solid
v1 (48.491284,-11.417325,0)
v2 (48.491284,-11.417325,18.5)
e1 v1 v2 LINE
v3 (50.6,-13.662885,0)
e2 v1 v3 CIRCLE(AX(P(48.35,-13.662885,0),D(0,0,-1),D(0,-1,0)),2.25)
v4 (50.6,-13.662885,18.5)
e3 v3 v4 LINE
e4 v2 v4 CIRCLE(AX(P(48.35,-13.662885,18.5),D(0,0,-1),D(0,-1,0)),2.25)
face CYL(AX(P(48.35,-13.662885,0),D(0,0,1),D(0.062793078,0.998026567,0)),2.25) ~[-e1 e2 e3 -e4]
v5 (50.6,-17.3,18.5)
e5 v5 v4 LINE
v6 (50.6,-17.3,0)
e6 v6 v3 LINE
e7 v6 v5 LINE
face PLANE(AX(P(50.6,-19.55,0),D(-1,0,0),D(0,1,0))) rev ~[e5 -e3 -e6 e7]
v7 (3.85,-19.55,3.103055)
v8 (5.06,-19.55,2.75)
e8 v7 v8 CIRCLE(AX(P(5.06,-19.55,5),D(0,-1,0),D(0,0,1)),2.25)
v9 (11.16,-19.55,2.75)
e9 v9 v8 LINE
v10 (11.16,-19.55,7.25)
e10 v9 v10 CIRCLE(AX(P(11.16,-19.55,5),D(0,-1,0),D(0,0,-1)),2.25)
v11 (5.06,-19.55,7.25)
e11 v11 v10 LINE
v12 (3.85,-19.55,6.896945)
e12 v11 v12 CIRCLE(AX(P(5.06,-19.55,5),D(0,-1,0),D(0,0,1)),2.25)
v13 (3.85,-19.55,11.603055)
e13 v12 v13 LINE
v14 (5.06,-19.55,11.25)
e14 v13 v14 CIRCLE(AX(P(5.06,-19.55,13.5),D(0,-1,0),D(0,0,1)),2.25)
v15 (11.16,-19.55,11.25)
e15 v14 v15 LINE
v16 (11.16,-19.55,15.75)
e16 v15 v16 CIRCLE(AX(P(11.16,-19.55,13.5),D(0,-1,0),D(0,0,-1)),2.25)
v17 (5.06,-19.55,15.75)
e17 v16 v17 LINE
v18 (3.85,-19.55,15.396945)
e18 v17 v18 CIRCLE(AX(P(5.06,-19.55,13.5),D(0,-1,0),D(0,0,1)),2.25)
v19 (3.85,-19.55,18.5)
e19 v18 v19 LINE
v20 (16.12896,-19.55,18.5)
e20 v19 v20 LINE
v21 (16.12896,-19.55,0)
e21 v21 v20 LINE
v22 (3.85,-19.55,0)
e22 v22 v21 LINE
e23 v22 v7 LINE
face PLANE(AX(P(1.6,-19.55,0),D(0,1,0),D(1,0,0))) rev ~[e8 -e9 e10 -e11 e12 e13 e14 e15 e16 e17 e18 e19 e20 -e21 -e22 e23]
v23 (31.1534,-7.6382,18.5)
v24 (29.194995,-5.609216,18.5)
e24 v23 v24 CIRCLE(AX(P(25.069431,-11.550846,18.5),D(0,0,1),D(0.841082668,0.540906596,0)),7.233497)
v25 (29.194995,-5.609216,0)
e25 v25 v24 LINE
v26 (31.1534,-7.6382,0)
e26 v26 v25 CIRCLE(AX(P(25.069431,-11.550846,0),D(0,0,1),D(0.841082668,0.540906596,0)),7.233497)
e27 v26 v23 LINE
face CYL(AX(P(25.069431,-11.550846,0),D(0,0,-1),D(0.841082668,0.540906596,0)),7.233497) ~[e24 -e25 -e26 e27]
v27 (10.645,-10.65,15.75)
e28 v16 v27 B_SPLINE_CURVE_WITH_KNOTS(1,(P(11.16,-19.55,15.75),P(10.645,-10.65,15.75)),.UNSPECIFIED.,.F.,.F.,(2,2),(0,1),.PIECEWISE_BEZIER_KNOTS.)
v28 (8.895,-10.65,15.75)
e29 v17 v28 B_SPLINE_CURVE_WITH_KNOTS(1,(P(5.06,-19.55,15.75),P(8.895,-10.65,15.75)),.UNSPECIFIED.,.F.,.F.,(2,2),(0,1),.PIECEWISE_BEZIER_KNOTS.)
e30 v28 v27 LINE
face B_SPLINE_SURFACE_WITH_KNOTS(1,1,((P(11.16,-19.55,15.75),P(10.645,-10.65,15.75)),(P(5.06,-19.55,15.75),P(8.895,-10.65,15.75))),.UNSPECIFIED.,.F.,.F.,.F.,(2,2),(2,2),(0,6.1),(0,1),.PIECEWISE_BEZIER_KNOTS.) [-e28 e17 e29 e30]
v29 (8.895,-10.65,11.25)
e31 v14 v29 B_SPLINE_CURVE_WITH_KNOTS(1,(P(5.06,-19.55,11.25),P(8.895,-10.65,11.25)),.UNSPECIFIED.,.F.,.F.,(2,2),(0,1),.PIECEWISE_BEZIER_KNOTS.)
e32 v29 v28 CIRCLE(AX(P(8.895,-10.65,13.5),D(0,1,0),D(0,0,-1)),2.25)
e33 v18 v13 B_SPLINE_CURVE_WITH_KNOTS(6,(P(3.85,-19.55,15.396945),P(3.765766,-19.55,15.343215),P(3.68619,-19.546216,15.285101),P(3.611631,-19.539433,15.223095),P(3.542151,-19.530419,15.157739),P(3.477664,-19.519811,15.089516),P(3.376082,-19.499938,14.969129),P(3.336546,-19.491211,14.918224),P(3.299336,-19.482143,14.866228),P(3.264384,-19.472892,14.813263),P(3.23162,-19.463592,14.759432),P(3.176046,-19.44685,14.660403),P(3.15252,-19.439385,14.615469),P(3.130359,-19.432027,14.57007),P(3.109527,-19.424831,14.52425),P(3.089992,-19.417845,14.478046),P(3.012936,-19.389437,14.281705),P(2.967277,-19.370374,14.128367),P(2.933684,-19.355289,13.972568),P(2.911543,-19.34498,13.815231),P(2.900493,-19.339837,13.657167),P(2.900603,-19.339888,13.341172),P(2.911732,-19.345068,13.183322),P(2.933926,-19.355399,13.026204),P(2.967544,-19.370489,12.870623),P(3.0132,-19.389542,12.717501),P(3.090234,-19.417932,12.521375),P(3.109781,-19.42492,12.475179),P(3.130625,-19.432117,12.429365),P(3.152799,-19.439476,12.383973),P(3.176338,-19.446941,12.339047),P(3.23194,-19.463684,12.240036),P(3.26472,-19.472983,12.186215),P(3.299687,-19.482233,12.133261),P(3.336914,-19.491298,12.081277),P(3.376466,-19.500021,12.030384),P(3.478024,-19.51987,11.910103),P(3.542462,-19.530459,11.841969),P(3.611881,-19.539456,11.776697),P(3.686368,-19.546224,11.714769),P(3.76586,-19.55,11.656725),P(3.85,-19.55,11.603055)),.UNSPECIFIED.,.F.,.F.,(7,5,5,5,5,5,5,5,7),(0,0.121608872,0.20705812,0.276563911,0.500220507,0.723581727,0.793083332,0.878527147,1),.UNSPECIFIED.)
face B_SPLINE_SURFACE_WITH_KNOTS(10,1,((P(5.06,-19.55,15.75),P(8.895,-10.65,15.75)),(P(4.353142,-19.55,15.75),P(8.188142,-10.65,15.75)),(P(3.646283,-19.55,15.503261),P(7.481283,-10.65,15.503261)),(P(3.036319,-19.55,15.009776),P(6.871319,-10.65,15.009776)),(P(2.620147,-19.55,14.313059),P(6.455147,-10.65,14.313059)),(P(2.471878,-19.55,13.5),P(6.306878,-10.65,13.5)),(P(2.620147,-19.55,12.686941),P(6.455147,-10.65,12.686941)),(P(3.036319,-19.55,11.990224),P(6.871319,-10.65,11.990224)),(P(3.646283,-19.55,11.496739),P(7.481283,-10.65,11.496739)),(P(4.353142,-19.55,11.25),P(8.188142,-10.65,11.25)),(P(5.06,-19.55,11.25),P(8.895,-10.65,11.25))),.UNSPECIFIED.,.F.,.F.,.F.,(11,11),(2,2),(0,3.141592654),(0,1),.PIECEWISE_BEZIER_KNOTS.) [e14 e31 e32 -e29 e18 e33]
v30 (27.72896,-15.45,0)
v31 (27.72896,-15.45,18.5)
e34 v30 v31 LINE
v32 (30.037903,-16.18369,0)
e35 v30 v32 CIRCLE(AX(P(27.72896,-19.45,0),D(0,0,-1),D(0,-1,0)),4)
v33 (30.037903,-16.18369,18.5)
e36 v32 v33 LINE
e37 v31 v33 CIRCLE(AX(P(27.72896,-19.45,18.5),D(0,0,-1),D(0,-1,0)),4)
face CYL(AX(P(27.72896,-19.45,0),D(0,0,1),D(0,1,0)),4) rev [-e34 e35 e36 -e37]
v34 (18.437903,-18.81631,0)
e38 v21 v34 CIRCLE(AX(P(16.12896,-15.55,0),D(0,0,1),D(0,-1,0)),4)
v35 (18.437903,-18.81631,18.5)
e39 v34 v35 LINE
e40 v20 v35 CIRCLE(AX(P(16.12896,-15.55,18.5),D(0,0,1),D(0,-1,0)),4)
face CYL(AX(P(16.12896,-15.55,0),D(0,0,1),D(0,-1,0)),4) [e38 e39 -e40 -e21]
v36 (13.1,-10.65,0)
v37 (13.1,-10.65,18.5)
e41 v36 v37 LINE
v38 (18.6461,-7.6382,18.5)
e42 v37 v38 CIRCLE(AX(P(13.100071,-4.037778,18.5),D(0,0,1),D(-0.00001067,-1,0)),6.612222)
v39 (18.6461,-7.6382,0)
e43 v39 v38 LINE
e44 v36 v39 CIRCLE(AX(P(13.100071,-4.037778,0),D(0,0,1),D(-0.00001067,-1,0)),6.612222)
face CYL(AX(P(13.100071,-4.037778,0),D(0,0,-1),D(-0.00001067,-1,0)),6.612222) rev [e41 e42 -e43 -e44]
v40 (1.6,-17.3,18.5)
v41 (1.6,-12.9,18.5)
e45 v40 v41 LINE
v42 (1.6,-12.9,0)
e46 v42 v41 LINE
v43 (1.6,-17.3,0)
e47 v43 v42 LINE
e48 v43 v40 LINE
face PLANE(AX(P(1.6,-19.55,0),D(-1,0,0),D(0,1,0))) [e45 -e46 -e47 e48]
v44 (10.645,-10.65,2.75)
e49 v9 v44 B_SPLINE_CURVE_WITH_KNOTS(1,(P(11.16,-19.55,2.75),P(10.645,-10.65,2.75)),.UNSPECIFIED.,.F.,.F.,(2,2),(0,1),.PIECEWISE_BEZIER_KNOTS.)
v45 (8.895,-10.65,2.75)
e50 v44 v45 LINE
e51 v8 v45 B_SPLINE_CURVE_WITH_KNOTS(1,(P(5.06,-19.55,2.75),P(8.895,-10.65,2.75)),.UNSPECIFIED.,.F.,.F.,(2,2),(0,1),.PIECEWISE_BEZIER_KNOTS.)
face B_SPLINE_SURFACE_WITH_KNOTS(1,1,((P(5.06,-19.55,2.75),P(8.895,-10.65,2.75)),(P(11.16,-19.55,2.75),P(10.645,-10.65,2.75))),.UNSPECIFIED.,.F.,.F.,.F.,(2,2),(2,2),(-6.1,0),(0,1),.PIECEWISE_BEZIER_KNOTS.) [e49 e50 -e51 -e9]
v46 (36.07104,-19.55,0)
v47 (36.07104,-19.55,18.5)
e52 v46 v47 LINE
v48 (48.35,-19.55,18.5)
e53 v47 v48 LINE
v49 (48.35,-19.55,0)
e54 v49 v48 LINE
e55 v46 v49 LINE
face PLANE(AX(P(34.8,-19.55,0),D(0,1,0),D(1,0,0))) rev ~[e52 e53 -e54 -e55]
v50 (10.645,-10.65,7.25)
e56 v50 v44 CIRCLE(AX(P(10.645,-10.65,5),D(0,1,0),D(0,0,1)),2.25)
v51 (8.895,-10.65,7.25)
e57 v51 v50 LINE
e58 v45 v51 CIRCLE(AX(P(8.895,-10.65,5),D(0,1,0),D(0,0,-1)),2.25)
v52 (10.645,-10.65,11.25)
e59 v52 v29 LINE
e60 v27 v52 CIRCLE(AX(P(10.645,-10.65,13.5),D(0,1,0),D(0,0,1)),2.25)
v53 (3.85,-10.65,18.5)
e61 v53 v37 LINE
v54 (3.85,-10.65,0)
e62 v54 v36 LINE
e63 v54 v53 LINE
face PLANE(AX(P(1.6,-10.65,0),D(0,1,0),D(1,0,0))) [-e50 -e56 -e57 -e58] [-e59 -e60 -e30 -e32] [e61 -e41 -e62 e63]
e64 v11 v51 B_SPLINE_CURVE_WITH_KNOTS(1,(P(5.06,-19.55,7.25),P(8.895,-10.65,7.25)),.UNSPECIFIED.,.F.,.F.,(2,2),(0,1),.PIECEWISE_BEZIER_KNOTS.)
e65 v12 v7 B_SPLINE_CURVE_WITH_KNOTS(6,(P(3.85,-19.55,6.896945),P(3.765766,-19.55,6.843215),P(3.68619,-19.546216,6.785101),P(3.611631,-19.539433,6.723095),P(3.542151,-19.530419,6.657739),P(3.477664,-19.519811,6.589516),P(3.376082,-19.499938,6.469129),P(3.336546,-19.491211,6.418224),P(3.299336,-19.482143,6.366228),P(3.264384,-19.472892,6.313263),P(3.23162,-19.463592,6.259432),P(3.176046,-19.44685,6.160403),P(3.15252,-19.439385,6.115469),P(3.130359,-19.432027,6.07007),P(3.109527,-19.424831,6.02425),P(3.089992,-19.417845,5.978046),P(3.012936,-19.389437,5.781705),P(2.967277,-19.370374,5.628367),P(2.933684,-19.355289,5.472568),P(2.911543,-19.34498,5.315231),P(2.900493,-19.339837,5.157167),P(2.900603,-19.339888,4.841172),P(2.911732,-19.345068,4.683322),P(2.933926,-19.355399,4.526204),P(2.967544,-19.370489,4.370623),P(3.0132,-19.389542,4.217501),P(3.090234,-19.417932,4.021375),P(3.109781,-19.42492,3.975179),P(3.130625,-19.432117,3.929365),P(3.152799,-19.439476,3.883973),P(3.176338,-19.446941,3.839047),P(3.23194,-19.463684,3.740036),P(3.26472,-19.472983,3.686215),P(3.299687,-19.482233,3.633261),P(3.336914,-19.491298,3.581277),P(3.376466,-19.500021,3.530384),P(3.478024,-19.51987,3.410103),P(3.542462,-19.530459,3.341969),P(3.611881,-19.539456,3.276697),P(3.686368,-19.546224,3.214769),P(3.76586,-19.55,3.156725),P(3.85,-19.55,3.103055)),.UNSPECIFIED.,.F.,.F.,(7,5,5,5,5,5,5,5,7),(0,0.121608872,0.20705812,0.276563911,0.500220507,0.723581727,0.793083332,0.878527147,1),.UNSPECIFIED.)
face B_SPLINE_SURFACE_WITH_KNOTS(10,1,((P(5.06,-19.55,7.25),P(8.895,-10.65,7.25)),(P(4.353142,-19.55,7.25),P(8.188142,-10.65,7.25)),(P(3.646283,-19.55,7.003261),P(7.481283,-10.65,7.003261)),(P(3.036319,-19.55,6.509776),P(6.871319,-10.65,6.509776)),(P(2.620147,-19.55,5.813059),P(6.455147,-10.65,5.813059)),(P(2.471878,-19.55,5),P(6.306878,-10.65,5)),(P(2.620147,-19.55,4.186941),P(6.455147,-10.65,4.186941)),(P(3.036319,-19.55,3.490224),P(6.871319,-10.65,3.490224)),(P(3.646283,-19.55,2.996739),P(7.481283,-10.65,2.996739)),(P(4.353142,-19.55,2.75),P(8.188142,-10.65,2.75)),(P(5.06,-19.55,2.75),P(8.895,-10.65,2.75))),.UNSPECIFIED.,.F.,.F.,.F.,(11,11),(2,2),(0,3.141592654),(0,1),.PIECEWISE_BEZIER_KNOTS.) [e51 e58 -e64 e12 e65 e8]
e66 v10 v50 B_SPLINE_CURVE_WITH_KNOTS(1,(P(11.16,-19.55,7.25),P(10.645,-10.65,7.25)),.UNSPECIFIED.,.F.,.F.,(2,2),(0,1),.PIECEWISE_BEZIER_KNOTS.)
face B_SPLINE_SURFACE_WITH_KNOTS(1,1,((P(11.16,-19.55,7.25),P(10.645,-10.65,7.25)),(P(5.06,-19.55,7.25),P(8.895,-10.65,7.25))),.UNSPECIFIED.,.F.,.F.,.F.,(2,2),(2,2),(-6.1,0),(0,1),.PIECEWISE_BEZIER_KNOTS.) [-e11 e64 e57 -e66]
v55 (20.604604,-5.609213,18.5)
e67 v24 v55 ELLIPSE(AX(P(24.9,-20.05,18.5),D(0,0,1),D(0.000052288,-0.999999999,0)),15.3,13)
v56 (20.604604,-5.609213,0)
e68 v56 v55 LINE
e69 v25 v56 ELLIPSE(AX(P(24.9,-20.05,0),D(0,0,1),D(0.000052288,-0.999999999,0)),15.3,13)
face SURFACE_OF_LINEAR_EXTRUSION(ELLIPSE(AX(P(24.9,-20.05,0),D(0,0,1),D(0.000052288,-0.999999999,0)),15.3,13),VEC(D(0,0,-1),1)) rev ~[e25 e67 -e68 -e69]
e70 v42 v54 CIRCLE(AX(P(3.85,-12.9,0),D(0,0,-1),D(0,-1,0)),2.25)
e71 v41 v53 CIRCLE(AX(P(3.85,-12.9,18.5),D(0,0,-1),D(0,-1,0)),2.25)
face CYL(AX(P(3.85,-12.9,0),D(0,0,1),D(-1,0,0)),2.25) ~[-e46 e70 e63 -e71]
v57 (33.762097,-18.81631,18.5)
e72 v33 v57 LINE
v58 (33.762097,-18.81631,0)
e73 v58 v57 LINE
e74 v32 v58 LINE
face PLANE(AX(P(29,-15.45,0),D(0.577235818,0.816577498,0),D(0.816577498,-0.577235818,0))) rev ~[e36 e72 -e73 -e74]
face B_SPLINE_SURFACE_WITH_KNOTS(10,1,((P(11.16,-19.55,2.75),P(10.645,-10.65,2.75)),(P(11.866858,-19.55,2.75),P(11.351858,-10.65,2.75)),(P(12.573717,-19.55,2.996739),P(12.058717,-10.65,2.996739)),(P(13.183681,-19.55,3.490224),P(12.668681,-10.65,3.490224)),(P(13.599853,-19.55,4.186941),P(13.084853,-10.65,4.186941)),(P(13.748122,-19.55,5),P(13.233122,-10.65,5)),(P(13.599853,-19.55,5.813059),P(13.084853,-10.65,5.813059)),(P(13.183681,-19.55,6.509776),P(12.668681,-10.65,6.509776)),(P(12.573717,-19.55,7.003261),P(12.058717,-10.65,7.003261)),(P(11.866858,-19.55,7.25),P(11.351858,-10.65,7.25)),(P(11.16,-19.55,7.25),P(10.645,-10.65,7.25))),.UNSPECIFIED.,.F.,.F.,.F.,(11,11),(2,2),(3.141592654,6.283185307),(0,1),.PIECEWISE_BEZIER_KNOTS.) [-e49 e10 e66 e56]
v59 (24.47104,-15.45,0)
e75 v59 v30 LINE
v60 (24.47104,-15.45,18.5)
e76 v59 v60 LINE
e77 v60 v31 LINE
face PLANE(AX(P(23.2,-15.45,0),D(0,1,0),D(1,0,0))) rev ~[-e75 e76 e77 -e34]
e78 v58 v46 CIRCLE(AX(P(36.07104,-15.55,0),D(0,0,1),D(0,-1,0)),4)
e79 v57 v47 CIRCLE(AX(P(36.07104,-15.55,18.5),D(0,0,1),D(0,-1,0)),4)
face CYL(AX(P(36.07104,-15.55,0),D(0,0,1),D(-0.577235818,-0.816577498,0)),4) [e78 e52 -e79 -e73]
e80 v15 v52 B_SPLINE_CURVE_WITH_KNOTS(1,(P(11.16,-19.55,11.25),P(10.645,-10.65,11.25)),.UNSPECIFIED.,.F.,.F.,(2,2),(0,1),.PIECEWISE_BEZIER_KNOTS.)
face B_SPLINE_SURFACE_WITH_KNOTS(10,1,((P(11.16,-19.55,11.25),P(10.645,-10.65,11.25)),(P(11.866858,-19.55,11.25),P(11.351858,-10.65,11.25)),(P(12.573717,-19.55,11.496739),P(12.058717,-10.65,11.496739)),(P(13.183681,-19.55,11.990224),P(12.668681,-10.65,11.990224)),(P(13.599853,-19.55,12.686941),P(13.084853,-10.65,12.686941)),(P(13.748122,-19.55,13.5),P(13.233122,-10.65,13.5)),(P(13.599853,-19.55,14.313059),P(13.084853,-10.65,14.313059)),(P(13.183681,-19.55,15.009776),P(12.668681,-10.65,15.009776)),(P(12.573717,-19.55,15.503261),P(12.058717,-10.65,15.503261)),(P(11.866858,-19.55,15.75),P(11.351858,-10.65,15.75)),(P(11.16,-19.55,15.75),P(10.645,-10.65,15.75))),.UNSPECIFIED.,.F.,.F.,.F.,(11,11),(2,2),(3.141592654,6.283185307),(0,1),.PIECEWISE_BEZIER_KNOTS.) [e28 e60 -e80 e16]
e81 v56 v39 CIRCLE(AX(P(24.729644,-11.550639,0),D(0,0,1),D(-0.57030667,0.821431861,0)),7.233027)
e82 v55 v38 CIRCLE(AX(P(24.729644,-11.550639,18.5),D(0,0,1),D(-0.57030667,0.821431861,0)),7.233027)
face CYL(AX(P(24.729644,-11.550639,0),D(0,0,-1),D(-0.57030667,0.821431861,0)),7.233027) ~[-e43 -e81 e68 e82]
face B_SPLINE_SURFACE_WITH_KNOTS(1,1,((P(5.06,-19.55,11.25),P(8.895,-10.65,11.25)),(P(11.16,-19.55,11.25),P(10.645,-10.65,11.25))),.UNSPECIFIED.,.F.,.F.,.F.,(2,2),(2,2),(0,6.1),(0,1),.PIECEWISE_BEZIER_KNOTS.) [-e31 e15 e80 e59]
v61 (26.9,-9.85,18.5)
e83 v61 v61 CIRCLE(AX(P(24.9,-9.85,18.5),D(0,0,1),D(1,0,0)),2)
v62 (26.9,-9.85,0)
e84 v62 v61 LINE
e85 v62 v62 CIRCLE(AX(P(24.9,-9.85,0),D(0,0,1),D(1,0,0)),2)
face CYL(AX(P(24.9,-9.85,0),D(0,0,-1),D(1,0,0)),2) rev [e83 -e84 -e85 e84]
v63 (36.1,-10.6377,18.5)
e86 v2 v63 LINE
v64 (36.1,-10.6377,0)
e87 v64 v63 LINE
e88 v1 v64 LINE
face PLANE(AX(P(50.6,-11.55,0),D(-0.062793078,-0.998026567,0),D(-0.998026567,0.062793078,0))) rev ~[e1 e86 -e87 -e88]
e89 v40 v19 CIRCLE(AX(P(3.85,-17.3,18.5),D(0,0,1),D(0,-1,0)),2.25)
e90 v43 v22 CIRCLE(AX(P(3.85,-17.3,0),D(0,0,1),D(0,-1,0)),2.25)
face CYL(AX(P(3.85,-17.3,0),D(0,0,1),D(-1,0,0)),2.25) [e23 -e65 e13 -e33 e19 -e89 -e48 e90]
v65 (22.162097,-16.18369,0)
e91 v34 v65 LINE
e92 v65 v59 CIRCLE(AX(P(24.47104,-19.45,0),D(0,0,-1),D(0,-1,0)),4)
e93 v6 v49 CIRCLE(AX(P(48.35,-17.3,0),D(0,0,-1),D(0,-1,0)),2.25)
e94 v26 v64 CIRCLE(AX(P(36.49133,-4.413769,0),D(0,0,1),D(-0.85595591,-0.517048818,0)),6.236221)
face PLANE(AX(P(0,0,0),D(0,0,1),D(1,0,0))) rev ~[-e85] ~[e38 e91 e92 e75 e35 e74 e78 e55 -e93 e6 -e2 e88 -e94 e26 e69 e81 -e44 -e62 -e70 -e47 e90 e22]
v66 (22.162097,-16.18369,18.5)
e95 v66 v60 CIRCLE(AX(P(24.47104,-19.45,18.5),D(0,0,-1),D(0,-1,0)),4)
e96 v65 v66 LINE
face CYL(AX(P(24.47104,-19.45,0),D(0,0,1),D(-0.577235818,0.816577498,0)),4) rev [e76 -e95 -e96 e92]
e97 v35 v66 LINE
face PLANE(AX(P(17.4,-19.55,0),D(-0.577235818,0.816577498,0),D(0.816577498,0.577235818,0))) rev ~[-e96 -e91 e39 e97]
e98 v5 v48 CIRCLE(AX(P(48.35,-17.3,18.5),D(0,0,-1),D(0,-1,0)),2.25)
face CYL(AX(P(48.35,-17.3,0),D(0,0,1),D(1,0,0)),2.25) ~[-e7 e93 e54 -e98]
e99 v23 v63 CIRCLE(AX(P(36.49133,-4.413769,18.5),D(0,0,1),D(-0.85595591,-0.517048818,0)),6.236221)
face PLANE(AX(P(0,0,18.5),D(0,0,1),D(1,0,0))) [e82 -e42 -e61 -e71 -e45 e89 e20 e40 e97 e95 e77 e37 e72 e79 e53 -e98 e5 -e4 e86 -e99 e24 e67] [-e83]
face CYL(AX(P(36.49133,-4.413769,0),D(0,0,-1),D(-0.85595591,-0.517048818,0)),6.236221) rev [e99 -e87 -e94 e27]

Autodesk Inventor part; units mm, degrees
ref_plane "YZ Plane" through (0, 0, 0) normal (1, 0, 0) x (0, 1, 0)
ref_plane "XZ Plane" through (0, 0, 0) normal (0, 1, 0) x (-1, 0, 0)
ref_plane "XY Plane" through (0, 0, 0) normal (0, 0, 1) x (1, 0, 0)
sketch "Sketch1" plane through (0, 0, 0) normal (0, 0, 1) x (1, 0, 0)
  line L0 (0, 0) -> (51.4289, 0) construction
  line L1 (51.4289, 0) -> (51.4289, -25.9828) construction
  line L2 (51.4289, -25.9828) -> (0, -25.9828) construction
  line L3 (0, -25.9828) -> (0, 0) construction
  circle A0 centre (24.9, -9.85) radius 2
  line L4 (1.6, -19.55) -> (1.6, -10.65)
  line L5 (1.6, -10.65) -> (13.1, -10.65)
  line L6 (1.6, -19.55) -> (17.4, -19.55)
  line L7 (17.4, -19.55) -> (23.2, -15.45)
  line L8 (23.2, -15.45) -> (29, -15.45)
  line L9 (29, -15.45) -> (34.8, -19.55)
  line L10 (34.8, -19.55) -> (50.6, -19.55)
  line L11 (50.6, -19.55) -> (50.6, -11.55)
  line L12 (50.6, -11.55) -> (36.1, -10.6377)
  arc A1 (31.1534, -7.6382) -> (29.195, -5.6092) centre (25.0705, -11.55) ccw
  arc A2 (20.6046, -5.6092) -> (18.6461, -7.6382) centre (24.7291, -11.55) ccw
  arc A3 (31.1534, -7.6382) -> (36.1, -10.6377) centre (36.4916, -4.4135) ccw
  arc A4 (13.1, -10.65) -> (18.6461, -7.6382) centre (13.1, -4.0375) ccw
  ellipse E0 centre (24.9, -20.05) end of major axis (24.9008, -35.35) minor radius 13 (29.195, -5.6092) -> (20.6046, -5.6092) ccw
  dimension "d45" = 13
  dimension "d46" = 15.3
  dimension "d22" = 4
  dimension "d35" = 0.5
  dimension "d36" = 1.6
  dimension "d37" = 10.65
  dimension "d38" = 8.9
  dimension "d39" = 3.6
  dimension "d47" = 8
  dimension "d51" = 17.4
  dimension "d52" = 25.7
  dimension "d53" = 9.7
  dimension "d54" = 11.5
  dimension "d55" = 14.5
  dimension "d57" = 0.3414
  dimension "d59" = 5.8
  dimension "d61" = 4.1
  dimension "d63" = 15.8
  dimension "d64" = 15.8
  dimension "d66" = 8
  dimension "d72" = 0.1705
  dimension "d76" = 7.2322
  dimension "d77" = 6.2366
extrude "Extrusion1" add sketch "Sketch1" along normal blind 18.5
fillet "Fillet1" radius 2.25 4 edges at (1.6, -10.65, 9.25) (1.6, -19.55, 9.25) (50.6, -11.55, 9.25) (50.6, -19.55, 9.25)
fillet "Fillet2" radius 4 4 edges at (23.2, -15.45, 9.25) (29, -15.45, 9.25) (34.8, -19.55, 9.25) (17.4, -19.55, 9.25)
sketch "Sketch3" plane through (3.85, -19.55, 0) normal (0, -1, 0) x (1, 0, 0)
  line L0 (0, 18.5) -> (12.279, 18.5) projected
  line L1 (12.279, 0) -> (0, 0) projected
  line L2 (1.21, 13.5) -> (7.31, 13.5) construction
  line L3 (1.21, 11.25) -> (7.31, 11.25)
  line L4 (7.31, 15.75) -> (1.21, 15.75)
  arc A0 (1.21, 15.75) -> (1.21, 11.25) centre (1.21, 13.5) ccw
  arc A1 (7.31, 11.25) -> (7.31, 15.75) centre (7.31, 13.5) ccw
  line L5 (1.21, 5) -> (7.31, 5) construction
  line L6 (1.21, 7.25) -> (7.31, 7.25)
  line L7 (7.31, 2.75) -> (1.21, 2.75)
  arc A2 (1.21, 7.25) -> (1.21, 2.75) centre (1.21, 5) ccw
  arc A3 (7.31, 2.75) -> (7.31, 7.25) centre (7.31, 5) ccw
  line L8 (-2.25, 18.5) -> (-2.25, 0) projected
  point P0 (-3.85, 0)
  point P1 (4.26, 13.5)
  point P2 (4.26, 5)
  dimension "d88" = 4.5
  dimension "d89" = 6.1
  dimension "d90" = 5
  dimension "d91" = 5
  dimension "d92" = 9.56
sketch "Sketch2" plane through (13.1, -10.65, 18.5) normal (0, 1, 0) x (1, 0, 0)
  line L0 (0, 0) -> (-9.25, 0) projected
  line L1 (-9.25, 18.5) -> (0, 18.5) projected
  line L2 (-4.205, 13.5) -> (-2.455, 13.5) construction
  line L3 (-4.205, 11.25) -> (-2.455, 11.25)
  line L4 (-2.455, 15.75) -> (-4.205, 15.75)
  arc A0 (-4.205, 15.75) -> (-4.205, 11.25) centre (-4.205, 13.5) ccw
  arc A1 (-2.455, 11.25) -> (-2.455, 15.75) centre (-2.455, 13.5) ccw
  line L5 (-4.205, 5) -> (-2.455, 5) construction
  line L6 (-4.205, 2.75) -> (-2.455, 2.75)
  line L7 (-2.455, 7.25) -> (-4.205, 7.25)
  arc A2 (-4.205, 7.25) -> (-4.205, 2.75) centre (-4.205, 5) ccw
  arc A3 (-2.455, 2.75) -> (-2.455, 7.25) centre (-2.455, 5) ccw
  line L8 (-11.5, 18.5) -> (-11.5, 0) projected
  point P0 (-13.1, 18.5)
  point P1 (-3.33, 13.5)
  point P2 (-3.33, 5)
  dimension "d83" = 4.5
  dimension "d84" = 1.75
  dimension "d85" = 5
  dimension "d86" = 5
  dimension "d87" = 8.17
loft "Loft1" cut profiles "Sketch3", "Sketch2" contours A0 L4 A1 L3 / A2 L7 A3 L6
loft "Loft2" cut profiles "Sketch3", "Sketch2" contours L6 A3 L7 A2 / A0 L4 A1 L3
properties part number "FelixOriginalLever"
